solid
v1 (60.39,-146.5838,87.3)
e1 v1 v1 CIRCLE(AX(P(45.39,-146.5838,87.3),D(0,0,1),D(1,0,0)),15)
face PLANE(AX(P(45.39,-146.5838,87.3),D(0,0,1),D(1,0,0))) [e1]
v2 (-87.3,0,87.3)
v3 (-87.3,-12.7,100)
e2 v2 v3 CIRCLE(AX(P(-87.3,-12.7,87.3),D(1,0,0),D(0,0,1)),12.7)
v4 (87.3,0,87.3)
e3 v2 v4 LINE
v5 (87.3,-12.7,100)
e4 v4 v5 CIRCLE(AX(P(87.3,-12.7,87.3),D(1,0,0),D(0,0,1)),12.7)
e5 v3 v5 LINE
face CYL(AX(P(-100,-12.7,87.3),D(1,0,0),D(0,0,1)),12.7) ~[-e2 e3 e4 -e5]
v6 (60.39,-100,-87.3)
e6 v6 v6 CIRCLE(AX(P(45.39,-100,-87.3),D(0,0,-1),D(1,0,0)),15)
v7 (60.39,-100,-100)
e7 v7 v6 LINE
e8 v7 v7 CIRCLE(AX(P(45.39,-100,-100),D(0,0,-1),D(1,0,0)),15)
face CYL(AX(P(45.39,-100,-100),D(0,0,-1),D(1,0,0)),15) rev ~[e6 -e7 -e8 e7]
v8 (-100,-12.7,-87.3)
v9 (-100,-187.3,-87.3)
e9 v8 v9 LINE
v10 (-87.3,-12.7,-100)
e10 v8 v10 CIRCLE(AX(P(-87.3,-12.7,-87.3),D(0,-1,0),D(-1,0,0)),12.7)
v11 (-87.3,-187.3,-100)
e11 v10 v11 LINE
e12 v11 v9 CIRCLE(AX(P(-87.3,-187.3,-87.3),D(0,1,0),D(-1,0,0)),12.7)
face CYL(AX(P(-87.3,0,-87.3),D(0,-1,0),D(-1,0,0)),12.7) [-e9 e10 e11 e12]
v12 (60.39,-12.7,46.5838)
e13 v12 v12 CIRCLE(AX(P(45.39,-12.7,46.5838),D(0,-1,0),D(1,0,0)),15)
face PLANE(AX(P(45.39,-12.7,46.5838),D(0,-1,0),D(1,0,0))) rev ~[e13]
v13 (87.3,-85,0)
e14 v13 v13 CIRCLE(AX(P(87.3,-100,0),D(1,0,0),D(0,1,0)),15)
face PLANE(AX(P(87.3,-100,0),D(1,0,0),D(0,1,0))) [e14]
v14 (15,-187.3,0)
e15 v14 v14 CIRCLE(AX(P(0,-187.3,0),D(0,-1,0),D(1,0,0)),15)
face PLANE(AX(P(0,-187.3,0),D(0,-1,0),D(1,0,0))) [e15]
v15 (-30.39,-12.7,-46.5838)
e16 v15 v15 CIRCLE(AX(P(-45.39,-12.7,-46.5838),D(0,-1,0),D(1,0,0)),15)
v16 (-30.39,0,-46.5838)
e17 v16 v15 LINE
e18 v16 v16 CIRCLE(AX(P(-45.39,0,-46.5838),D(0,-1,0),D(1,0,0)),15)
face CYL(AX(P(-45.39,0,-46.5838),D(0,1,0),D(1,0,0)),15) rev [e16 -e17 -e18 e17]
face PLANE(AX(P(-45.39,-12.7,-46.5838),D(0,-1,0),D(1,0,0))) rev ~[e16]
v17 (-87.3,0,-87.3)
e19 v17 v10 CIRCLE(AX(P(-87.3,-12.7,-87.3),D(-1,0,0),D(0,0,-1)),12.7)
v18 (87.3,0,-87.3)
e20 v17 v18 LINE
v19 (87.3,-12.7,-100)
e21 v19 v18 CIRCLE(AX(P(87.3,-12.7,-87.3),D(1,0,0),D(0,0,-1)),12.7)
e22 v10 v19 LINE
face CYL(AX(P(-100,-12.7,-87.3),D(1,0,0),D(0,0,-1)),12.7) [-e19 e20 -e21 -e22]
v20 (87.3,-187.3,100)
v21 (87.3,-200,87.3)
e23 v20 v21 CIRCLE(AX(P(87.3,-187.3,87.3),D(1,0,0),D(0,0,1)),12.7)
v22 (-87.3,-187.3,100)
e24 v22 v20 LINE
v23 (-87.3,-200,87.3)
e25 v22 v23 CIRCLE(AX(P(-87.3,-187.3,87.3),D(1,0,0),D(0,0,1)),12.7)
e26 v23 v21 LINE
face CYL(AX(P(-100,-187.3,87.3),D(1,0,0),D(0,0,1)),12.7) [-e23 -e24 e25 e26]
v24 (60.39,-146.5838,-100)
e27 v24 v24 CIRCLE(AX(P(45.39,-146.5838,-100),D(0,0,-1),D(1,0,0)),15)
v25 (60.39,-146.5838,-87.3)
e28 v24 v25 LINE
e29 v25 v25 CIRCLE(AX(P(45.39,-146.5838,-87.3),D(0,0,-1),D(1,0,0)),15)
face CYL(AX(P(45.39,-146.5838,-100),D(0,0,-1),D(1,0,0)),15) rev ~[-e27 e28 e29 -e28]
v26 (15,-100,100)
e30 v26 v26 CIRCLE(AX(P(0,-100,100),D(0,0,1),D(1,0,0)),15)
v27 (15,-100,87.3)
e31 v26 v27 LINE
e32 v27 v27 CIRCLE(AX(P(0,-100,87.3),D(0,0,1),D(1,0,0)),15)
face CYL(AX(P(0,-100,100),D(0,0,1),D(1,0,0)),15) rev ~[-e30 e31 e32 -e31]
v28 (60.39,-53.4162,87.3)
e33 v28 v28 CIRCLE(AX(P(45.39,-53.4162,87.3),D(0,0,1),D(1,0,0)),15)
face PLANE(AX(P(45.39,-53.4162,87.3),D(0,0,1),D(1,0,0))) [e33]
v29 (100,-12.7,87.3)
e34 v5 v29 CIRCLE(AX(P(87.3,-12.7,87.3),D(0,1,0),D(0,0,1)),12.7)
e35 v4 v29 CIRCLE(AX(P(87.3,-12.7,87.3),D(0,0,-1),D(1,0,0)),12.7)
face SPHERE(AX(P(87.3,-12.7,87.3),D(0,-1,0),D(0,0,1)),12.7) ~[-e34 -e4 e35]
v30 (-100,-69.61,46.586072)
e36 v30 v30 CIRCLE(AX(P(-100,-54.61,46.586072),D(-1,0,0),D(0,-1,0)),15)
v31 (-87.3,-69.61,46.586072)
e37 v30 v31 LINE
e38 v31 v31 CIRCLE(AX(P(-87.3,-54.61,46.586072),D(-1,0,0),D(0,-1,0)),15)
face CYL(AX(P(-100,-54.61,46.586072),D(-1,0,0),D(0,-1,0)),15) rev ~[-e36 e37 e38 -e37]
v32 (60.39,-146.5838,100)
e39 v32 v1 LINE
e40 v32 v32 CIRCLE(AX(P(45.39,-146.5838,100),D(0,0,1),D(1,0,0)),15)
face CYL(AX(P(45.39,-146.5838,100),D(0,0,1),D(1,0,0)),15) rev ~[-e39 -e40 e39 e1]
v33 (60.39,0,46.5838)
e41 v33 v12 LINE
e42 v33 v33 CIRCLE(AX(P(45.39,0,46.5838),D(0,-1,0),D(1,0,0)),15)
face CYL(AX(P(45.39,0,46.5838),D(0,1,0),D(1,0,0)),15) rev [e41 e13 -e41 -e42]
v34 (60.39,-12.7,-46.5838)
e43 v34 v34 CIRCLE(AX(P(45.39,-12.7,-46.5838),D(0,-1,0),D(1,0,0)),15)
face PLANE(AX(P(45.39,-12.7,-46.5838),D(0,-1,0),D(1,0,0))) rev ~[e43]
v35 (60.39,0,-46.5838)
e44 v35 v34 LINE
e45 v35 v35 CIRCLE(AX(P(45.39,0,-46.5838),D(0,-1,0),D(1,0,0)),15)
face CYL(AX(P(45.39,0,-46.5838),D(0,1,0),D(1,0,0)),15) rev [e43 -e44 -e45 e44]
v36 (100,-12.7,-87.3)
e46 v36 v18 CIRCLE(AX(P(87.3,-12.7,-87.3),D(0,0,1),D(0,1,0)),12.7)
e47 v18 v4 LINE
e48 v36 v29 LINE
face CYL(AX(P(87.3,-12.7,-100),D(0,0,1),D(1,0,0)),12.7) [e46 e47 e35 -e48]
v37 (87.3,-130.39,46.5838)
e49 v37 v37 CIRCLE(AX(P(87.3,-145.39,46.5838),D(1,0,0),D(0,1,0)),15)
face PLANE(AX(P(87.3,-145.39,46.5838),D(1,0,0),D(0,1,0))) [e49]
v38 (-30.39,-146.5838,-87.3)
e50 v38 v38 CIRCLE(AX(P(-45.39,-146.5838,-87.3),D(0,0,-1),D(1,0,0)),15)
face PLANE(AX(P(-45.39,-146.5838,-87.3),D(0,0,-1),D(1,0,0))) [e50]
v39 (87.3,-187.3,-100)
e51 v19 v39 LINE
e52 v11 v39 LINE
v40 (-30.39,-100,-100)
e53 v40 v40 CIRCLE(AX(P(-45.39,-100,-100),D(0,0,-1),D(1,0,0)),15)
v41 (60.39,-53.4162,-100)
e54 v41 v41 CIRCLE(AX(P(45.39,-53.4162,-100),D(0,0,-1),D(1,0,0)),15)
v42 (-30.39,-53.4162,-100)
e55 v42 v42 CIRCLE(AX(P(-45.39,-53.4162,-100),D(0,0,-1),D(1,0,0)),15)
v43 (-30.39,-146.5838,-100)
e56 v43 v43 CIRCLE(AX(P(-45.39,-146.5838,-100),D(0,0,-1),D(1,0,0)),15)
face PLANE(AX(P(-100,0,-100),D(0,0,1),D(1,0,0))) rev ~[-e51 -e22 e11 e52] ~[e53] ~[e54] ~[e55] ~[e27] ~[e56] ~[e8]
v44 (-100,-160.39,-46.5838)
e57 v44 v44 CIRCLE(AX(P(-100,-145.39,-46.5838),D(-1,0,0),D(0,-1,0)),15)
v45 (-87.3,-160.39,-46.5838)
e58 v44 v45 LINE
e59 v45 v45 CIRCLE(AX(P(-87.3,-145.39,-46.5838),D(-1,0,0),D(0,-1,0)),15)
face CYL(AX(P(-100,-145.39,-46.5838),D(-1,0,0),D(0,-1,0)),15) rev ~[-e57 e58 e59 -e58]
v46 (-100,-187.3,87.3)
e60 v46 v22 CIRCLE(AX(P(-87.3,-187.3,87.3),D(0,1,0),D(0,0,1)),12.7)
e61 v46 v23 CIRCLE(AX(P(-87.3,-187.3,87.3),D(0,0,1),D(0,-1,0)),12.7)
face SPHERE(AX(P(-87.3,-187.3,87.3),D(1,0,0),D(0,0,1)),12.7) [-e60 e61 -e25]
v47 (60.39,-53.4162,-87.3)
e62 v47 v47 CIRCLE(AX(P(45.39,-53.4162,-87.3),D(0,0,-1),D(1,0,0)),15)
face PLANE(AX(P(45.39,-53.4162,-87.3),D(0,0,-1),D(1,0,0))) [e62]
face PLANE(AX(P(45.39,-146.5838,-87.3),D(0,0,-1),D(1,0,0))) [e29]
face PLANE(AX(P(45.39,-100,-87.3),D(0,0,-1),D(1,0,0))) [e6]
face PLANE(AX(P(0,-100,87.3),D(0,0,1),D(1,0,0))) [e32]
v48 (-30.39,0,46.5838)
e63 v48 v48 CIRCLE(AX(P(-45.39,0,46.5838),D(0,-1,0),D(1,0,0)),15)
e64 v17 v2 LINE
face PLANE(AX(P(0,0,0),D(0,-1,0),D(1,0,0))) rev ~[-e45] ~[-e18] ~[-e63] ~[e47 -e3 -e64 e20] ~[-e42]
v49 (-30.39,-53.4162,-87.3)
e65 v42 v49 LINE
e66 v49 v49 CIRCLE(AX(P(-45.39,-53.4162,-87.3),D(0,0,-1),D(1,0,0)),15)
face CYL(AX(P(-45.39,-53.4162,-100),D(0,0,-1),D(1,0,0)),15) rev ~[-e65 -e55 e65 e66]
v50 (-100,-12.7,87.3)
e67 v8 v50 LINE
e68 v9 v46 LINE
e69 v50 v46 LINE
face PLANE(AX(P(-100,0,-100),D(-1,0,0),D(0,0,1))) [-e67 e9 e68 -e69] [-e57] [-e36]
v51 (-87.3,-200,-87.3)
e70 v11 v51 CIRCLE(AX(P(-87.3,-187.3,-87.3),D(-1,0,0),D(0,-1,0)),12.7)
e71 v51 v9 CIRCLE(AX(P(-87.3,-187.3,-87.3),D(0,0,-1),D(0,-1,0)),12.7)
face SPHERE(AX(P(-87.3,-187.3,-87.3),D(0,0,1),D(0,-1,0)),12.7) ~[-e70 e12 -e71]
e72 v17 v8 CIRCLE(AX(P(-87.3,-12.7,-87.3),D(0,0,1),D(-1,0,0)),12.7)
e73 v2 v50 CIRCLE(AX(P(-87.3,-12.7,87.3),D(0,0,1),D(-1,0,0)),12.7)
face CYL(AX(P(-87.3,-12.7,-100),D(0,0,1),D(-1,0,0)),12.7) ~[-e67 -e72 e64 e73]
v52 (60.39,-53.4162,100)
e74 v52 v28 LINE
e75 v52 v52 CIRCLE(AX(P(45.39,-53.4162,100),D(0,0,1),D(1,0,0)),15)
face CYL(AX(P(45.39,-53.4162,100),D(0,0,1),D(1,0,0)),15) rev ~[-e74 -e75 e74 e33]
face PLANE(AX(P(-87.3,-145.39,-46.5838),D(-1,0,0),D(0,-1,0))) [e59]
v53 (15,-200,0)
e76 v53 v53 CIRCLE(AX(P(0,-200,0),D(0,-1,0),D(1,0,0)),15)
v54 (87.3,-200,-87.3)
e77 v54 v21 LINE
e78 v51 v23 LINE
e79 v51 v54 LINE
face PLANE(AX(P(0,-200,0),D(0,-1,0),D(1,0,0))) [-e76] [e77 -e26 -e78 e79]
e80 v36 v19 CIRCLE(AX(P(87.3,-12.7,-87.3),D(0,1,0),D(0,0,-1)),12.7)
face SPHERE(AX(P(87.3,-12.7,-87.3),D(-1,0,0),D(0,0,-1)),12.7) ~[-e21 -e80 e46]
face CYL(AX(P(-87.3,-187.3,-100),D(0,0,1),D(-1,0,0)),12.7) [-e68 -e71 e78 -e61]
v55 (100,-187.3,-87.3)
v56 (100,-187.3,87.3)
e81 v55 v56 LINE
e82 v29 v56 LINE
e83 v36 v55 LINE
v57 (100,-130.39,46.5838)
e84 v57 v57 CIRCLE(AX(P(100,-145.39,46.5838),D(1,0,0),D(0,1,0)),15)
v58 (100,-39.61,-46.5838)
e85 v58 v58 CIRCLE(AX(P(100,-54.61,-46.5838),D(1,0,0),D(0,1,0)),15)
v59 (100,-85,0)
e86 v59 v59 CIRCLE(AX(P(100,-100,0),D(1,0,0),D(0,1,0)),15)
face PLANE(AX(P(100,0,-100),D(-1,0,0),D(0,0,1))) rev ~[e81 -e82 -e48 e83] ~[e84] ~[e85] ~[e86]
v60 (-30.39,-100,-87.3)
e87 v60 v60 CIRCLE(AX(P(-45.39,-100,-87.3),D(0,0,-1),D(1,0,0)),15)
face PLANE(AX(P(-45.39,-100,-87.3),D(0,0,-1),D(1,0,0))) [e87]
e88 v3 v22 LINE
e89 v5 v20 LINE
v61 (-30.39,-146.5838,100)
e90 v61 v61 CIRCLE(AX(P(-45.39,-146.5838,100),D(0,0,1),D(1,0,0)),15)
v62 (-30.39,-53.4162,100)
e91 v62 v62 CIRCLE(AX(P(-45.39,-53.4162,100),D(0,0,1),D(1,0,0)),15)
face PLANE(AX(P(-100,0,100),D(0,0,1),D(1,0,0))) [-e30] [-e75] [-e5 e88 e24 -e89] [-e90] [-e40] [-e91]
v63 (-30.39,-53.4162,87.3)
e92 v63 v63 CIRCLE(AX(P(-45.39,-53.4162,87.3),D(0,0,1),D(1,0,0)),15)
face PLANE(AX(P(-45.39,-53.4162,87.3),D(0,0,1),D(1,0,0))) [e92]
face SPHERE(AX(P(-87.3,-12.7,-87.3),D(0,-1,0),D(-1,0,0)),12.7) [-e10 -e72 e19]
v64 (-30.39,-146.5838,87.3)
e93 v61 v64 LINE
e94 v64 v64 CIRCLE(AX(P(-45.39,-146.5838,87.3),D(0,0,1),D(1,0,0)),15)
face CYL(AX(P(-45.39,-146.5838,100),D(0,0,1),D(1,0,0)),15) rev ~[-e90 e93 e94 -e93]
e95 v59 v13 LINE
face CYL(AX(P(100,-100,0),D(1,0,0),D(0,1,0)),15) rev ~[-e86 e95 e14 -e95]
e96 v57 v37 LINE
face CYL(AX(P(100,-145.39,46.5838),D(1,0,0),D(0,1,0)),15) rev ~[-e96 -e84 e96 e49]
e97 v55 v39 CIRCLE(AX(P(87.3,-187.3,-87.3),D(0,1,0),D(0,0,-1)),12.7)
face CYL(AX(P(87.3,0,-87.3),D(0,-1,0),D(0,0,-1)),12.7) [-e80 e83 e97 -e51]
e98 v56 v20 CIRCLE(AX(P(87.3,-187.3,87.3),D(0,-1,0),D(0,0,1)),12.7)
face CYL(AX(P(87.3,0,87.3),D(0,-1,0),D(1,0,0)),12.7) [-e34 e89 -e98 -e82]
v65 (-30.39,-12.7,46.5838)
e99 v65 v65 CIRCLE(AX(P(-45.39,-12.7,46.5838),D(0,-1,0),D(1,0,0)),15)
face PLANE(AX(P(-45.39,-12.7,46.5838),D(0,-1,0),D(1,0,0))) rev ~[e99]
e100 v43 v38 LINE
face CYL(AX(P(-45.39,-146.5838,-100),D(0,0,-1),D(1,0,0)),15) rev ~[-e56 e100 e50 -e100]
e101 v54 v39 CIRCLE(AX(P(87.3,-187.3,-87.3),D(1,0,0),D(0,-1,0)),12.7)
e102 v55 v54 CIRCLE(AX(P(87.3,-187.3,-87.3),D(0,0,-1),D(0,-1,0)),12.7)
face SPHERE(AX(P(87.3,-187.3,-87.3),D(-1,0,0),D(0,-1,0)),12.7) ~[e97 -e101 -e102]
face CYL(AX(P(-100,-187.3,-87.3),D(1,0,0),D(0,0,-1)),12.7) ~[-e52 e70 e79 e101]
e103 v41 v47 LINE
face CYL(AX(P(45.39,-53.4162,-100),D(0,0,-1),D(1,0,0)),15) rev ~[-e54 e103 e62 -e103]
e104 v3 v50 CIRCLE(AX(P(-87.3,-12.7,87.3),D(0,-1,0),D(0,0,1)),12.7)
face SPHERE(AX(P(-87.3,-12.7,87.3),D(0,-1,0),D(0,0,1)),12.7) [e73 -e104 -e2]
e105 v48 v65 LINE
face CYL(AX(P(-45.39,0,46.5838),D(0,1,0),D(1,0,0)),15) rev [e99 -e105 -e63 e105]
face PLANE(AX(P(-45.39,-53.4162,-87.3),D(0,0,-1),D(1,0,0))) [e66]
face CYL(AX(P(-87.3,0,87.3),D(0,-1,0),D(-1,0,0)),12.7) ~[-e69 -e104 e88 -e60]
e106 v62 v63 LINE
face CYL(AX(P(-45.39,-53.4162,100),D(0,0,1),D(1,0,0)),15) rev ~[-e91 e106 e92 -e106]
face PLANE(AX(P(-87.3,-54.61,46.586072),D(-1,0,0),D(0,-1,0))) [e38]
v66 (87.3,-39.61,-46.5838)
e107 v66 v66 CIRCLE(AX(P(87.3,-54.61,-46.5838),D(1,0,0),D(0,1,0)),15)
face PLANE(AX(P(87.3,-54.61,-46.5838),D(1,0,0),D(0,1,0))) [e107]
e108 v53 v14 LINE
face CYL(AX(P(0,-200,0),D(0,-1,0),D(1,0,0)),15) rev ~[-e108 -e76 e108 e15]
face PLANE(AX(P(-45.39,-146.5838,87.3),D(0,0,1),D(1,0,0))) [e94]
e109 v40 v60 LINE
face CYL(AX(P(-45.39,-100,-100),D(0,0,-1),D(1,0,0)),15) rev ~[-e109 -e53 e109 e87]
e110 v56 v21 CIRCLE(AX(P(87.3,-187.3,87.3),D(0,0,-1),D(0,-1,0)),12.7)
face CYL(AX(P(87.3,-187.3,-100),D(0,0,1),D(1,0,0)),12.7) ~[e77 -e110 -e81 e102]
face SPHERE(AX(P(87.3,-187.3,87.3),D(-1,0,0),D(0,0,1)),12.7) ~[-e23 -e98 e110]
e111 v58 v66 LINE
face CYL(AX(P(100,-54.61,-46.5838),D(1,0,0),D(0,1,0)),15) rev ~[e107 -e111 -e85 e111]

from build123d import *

# Parameters (mm, degrees)
F0_W      = 200
F0_H      = 200
F1_DEPTH  = 200
F2_R      = 12.7
F3_R      = 15
F4_DEPTH  = 12.7
F5_R      = 15
F6_DEPTH  = 12.7
F7_R      = 15
F8_DEPTH  = 12.7
F9_R      = 15
F10_DEPTH = 12.7
F11_R     = 15
F12_DEPTH = 12.7
F13_R     = 15
F14_DEPTH = 12.7


with BuildPart() as f1:
    # F0 (on Front) → F1 (new body)
    with BuildSketch(Plane.XZ):
        Rectangle(F0_W, F0_H)
    extrude(amount=F1_DEPTH)

    # F2
    f2_edges = [f1.edges().sort_by_distance(p)[0] for p in [
        (0, -200, 100),
        (100, -100, 100),
        (-100, -100, 100),
        (-100, -200, 0),
        (0, -200, -100),
        (100, -200, 0),
        (-100, -100, -100),
        (0, 0, 100),
        (-100, 0, 0),
        (0, 0, -100),
        (100, -100, -100),
        (100, 0, 0),
    ]]
    fillet(f2_edges, radius=F2_R)

    # F3 (on face) → F4 (cut)
    with BuildSketch(Plane.XZ.offset(200)):
        Circle(F3_R)
    extrude(amount=-F4_DEPTH, mode=Mode.SUBTRACT)

    # F5 (on face) → F6 (cut)
    with BuildSketch(Plane(origin=(-100, 0, 0), x_dir=(0, -1, 0), z_dir=(-1, 0, 0))):
        with Locations((54.61, 46.586072)):
            Circle(F5_R)
        with Locations((145.39, -46.5838)):
            Circle(F5_R)
    extrude(amount=-F6_DEPTH, mode=Mode.SUBTRACT)

    # F7 (on face) → F8 (cut)
    with BuildSketch(Plane.YZ.offset(100)):
        with Locations((-145.39, 46.5838)):
            Circle(F7_R)
        with Locations((-100, 0)):
            Circle(F7_R)
        with Locations((-54.61, -46.5838)):
            Circle(F7_R)
    extrude(amount=-F8_DEPTH, mode=Mode.SUBTRACT)

    # F9 (on face) → F10 (cut)
    with BuildSketch(Plane.XZ):
        with Locations((45.39, 46.5838)):
            Circle(F9_R)
        with Locations((45.39, -46.5838)):
            Circle(F9_R)
        with Locations((-45.39, -46.5838)):
            Circle(F9_R)
        with Locations((-45.39, 46.5838)):
            Circle(F9_R)
    extrude(amount=F10_DEPTH, mode=Mode.SUBTRACT)

    # F11 (on face) → F12 (cut)
    with BuildSketch(Plane.XY.offset(100)):
        with Locations((0, -100)):
            Circle(F11_R)
        with Locations((-45.39, -53.4162)):
            Circle(F11_R)
        with Locations((45.39, -53.4162)):
            Circle(F11_R)
        with Locations((-45.39, -146.5838)):
            Circle(F11_R)
        with Locations((45.39, -146.5838)):
            Circle(F11_R)
    extrude(amount=-F12_DEPTH, mode=Mode.SUBTRACT)

    # F13 (on face) → F14 (cut)
    with BuildSketch(Plane(origin=(0, 0, -100), x_dir=(1, 0, 0), z_dir=(0, 0, -1))):
        with Locations((45.39, 53.4162)):
            Circle(F13_R)
        with Locations((45.39, 100)):
            Circle(F13_R)
        with Locations((45.39, 146.5838)):
            Circle(F13_R)
        with Locations((-45.39, 53.4162)):
            Circle(F13_R)
        with Locations((-45.39, 100)):
            Circle(F13_R)
        with Locations((-45.39, 146.5838)):
            Circle(F13_R)
    extrude(amount=-F14_DEPTH, mode=Mode.SUBTRACT)


solid = f1.part
